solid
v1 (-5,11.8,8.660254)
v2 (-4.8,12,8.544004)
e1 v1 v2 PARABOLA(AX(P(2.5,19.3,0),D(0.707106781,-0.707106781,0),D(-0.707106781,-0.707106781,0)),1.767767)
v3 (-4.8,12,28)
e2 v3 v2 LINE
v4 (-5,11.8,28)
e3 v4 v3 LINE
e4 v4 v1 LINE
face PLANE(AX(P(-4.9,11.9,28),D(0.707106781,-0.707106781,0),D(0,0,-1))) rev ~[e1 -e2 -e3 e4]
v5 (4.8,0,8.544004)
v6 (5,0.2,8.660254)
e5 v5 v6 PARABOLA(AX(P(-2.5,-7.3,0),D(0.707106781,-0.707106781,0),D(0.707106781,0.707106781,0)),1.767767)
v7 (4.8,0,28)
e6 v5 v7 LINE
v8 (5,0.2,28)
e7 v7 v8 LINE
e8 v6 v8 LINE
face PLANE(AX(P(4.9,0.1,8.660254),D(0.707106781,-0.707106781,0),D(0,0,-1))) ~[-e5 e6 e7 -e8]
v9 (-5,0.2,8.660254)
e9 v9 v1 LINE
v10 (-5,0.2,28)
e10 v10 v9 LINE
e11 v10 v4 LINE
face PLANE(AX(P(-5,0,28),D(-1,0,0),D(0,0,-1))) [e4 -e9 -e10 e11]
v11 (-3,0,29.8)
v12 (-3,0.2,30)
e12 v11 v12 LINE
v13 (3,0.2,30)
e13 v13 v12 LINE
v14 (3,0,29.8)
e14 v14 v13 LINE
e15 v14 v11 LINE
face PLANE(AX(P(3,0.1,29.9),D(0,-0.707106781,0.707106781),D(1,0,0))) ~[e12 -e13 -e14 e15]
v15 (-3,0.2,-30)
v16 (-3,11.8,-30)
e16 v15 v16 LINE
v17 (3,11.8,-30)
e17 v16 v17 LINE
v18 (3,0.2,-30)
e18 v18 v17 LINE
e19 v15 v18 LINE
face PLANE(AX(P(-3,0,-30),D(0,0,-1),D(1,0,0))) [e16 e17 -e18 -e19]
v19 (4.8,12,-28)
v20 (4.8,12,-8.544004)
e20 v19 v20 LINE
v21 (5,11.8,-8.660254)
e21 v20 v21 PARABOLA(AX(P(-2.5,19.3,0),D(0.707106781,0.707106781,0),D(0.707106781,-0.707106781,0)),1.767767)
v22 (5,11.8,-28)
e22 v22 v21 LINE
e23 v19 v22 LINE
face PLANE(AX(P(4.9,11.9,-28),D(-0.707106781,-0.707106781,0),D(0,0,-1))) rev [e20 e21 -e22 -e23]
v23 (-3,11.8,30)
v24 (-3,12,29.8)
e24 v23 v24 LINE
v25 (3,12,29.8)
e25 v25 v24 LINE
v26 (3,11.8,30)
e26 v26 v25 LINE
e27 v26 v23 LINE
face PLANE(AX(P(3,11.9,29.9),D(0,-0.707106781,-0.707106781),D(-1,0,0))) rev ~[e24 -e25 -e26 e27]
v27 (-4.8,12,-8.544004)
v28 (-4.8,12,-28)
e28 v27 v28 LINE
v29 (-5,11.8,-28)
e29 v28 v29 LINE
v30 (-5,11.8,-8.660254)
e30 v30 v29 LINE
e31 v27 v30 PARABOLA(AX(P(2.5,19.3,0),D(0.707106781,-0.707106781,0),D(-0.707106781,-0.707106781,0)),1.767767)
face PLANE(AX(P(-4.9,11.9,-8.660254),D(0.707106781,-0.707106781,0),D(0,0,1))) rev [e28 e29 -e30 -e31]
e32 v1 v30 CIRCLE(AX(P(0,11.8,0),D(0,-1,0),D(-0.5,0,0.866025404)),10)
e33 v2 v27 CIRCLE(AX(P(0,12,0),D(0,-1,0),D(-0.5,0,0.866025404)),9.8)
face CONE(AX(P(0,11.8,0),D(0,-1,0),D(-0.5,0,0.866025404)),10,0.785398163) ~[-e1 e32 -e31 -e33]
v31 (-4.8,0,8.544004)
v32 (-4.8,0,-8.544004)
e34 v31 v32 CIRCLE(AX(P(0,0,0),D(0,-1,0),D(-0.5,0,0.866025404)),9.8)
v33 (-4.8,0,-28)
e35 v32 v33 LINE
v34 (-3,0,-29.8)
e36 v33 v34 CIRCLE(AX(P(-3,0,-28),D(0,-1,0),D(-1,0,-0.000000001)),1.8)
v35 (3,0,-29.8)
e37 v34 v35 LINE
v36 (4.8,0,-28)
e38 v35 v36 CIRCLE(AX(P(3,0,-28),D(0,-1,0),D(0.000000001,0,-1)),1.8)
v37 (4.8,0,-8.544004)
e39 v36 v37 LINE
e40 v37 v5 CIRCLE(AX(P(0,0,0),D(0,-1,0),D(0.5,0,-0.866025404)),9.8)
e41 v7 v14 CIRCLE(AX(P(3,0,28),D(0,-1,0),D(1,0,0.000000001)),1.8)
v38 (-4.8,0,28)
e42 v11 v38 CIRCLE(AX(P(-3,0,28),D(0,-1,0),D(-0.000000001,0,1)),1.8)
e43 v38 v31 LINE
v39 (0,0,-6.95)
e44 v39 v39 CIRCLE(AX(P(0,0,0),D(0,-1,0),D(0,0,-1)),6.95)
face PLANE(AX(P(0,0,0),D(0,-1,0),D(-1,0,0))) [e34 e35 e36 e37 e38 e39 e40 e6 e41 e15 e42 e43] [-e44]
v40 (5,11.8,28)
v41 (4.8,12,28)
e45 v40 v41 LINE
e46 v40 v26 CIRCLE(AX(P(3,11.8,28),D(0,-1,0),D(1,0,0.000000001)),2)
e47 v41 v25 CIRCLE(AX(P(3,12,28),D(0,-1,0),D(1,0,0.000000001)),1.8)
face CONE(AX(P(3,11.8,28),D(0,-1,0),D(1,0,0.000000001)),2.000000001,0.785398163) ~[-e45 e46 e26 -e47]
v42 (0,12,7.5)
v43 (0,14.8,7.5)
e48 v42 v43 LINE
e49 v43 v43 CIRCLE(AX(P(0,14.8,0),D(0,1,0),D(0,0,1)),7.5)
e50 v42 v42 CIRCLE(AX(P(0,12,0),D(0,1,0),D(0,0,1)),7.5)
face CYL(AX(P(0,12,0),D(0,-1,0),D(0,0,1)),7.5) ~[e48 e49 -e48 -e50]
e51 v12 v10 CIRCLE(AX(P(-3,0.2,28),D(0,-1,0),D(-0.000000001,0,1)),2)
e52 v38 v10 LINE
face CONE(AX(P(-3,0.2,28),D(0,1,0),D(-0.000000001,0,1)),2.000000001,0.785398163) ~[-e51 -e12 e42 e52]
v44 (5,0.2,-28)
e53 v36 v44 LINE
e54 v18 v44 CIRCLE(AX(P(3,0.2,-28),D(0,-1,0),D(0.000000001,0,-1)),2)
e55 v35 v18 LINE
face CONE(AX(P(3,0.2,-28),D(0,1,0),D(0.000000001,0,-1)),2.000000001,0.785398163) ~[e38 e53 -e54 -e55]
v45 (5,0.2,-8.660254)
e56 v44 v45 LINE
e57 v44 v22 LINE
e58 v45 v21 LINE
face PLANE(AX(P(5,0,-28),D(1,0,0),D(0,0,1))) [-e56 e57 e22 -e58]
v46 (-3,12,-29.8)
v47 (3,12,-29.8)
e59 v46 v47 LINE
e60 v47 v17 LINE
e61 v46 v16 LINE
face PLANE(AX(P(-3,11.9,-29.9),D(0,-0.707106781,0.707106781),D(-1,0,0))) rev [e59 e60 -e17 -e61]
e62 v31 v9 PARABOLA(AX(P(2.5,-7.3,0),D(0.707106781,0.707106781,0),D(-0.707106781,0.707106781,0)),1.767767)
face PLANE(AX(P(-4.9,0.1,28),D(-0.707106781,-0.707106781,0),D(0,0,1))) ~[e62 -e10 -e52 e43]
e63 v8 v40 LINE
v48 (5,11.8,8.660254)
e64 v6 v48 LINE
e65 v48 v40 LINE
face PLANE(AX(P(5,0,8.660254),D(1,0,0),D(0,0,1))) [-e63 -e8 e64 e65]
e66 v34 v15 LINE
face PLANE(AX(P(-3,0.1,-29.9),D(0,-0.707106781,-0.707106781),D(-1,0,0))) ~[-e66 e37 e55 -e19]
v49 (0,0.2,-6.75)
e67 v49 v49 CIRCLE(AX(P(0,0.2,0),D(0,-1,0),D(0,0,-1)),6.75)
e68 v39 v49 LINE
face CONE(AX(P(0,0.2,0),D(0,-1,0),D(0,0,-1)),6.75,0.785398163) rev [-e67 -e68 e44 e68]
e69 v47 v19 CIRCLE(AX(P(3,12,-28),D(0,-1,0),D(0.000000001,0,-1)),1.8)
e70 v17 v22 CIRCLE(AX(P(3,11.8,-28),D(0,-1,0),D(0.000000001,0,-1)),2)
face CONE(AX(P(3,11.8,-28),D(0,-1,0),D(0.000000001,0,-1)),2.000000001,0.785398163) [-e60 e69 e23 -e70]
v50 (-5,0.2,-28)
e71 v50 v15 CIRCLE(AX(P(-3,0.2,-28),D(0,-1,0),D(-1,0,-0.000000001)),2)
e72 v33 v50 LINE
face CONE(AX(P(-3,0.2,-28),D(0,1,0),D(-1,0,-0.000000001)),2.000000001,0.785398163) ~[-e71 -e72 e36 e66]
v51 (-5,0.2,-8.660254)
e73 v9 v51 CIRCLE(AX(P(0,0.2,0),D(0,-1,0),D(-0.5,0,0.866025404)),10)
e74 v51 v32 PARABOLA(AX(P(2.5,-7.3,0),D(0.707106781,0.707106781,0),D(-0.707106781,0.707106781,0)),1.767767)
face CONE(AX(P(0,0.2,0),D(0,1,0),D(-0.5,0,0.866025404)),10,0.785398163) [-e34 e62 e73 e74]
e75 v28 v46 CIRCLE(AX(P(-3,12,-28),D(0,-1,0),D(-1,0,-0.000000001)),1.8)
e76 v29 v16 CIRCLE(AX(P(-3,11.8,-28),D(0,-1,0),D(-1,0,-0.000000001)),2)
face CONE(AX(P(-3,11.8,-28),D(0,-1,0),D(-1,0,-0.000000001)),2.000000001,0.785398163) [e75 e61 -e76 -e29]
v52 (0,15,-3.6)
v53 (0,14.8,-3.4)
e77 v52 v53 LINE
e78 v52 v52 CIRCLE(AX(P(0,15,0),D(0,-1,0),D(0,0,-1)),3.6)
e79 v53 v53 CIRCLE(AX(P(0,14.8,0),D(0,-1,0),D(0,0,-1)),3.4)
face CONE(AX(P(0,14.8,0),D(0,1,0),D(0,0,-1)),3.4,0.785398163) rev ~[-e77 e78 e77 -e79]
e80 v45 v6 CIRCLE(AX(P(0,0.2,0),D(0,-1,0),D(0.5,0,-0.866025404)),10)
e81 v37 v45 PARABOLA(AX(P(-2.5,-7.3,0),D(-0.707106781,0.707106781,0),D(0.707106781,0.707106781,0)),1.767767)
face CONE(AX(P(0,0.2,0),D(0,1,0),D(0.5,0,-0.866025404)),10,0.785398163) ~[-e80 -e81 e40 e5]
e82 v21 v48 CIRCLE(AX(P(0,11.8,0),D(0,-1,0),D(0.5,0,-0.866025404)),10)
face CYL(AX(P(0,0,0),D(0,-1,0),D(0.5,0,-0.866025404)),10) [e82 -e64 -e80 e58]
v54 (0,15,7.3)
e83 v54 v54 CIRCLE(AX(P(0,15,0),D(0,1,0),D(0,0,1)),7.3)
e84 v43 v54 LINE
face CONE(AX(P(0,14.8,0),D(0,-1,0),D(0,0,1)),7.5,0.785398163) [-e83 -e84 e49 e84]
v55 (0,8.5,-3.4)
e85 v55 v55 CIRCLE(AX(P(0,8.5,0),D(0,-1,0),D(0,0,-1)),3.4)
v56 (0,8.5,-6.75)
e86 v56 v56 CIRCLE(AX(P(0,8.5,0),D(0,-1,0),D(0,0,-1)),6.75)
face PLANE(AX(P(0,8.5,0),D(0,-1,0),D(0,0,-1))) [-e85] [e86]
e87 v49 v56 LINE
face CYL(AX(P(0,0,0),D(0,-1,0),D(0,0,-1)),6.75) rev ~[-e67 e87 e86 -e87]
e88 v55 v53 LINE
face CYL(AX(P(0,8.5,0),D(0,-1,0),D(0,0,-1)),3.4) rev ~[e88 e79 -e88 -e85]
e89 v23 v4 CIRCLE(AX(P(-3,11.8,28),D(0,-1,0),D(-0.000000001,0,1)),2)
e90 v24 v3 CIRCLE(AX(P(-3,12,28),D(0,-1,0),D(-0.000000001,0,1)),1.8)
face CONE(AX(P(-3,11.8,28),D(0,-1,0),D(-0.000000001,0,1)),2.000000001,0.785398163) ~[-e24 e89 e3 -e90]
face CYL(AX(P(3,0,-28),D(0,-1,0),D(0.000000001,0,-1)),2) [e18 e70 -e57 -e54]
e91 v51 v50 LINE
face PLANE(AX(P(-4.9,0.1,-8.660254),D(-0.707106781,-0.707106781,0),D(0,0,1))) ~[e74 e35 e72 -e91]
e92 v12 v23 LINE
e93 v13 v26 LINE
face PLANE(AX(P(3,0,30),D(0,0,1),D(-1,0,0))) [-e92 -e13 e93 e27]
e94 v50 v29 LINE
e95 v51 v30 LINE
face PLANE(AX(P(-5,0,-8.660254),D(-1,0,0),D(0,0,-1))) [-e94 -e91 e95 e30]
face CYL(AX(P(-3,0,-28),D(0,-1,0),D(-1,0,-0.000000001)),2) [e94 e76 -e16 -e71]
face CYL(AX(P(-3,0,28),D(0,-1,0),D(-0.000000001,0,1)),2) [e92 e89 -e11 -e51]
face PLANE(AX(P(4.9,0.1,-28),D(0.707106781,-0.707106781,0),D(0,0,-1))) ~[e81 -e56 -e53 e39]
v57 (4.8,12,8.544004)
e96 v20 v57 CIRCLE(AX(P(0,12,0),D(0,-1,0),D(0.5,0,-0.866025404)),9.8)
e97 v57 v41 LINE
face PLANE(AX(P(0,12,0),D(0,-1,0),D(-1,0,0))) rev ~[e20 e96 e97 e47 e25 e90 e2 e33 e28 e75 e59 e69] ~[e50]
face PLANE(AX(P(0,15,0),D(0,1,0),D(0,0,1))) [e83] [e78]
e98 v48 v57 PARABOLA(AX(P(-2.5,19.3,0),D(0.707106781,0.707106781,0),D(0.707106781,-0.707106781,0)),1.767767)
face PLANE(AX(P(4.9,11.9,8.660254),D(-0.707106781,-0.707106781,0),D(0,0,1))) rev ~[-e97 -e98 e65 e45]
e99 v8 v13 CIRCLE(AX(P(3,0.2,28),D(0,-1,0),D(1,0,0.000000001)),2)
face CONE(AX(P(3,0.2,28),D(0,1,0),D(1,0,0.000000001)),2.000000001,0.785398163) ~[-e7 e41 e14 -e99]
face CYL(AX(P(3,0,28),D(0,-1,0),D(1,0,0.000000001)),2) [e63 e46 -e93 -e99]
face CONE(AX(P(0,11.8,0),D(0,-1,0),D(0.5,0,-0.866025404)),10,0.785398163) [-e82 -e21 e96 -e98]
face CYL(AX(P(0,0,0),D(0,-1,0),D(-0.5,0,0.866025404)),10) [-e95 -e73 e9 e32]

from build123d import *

# Parameters (mm, degrees)
BOSS_EXTRUDE1_DEPTH = 12
SKETCH_2_R          = 6.75
CUT_EXTRUDE1_DEPTH  = 8.5
SKETCH_4_R          = 7.5
BOSS_EXTRUDE2_DEPTH = 3
SKETCH_3_R          = 3.4
CUT_EXTRUDE2_DEPTH  = 33.74522866
FILLET1_SIZE        = 0.2


with BuildPart() as part:
    # 草图1 → Boss-Extrude1 (new body)
    with BuildSketch(Plane(origin=(0, 0, 0), x_dir=(1, 0, 0), z_dir=(0, 1, 0))):
        with BuildLine():
            Line((-5, -28), (-5, -8.660254038))
            ThreePointArc((-5, -8.660254038), (-10, 0), (-5, 8.660254038))
            Line((-5, 8.660254038), (-5, 28))
            ThreePointArc((-5, 28), (-4.414213562, 29.414213562), (-3, 30))
            Line((-3, 30), (3, 30))
            ThreePointArc((3, 30), (4.414213562, 29.414213562), (5, 28))
            Line((5, 28), (5, 8.660254038))
            ThreePointArc((5, 8.660254038), (10, 0), (5, -8.660254038))
            Line((5, -8.660254038), (5, -28))
            ThreePointArc((5, -28), (4.414213562, -29.414213562), (3, -30))
            Line((3, -30), (-3, -30))
            ThreePointArc((-3, -30), (-4.414213562, -29.414213562), (-5, -28))
        make_face()
    extrude(amount=BOSS_EXTRUDE1_DEPTH)

    # 草图2 → Cut-Extrude1 (cut)
    with BuildSketch(Plane.XZ):
        with Locations(Location((0, 0, 0), (0, 0, 270))):
            Circle(SKETCH_2_R)
    extrude(amount=-CUT_EXTRUDE1_DEPTH, mode=Mode.SUBTRACT)

    # 草图4 → Boss-Extrude2 (add)
    with BuildSketch(Plane(origin=(0, 12, 0), x_dir=(1, 0, 0), z_dir=(0, 1, 0))):
        with Locations(Location((0, 0, 0), (0, 0, 270))):
            Circle(SKETCH_4_R)
    extrude(amount=BOSS_EXTRUDE2_DEPTH)

    # 草图3 → Cut-Extrude2 (cut, through all)
    with BuildSketch(Plane.XZ.offset(-8.5)):
        with Locations(Location((0, 0, 0), (0, 0, 270))):
            Circle(SKETCH_3_R)
    extrude(amount=-CUT_EXTRUDE2_DEPTH, mode=Mode.SUBTRACT)

    # Fillet1
    fillet1_edges = [part.edges().sort_by_distance(p)[0] for p in [
        (5, 0, 18.330127019),
        (4.414213562, 0, 29.414213562),
        (4.414213562, 12, -29.414213562),
        (0, 0, 30),
        (-4.414213562, 0, 29.414213562),
        (-5, 0, 18.330127019),
        (-10, 0, 0),
        (-5, 0, -18.330127019),
        (-4.414213562, 0, -29.414213562),
        (0, 0, -30),
        (4.414213562, 0, -29.414213562),
        (5, 0, -18.330127019),
        (10, 0, 0),
        (0, 12, -30),
        (-4.414213562, 12, -29.414213562),
        (-5, 12, -18.330127019),
        (-10, 12, 0),
        (-5, 12, 18.330127019),
        (-4.414213562, 12, 29.414213562),
        (0, 0, 6.75),
        (0, 12, 30),
        (0, 15, -7.5),
        (4.414213562, 12, 29.414213562),
        (0, 15, 3.4),
        (5, 12, 18.330127019),
        (10, 12, 0),
        (5, 12, -18.330127019),
    ]]
    chamfer(fillet1_edges, length=FILLET1_SIZE)


solid = part.part
